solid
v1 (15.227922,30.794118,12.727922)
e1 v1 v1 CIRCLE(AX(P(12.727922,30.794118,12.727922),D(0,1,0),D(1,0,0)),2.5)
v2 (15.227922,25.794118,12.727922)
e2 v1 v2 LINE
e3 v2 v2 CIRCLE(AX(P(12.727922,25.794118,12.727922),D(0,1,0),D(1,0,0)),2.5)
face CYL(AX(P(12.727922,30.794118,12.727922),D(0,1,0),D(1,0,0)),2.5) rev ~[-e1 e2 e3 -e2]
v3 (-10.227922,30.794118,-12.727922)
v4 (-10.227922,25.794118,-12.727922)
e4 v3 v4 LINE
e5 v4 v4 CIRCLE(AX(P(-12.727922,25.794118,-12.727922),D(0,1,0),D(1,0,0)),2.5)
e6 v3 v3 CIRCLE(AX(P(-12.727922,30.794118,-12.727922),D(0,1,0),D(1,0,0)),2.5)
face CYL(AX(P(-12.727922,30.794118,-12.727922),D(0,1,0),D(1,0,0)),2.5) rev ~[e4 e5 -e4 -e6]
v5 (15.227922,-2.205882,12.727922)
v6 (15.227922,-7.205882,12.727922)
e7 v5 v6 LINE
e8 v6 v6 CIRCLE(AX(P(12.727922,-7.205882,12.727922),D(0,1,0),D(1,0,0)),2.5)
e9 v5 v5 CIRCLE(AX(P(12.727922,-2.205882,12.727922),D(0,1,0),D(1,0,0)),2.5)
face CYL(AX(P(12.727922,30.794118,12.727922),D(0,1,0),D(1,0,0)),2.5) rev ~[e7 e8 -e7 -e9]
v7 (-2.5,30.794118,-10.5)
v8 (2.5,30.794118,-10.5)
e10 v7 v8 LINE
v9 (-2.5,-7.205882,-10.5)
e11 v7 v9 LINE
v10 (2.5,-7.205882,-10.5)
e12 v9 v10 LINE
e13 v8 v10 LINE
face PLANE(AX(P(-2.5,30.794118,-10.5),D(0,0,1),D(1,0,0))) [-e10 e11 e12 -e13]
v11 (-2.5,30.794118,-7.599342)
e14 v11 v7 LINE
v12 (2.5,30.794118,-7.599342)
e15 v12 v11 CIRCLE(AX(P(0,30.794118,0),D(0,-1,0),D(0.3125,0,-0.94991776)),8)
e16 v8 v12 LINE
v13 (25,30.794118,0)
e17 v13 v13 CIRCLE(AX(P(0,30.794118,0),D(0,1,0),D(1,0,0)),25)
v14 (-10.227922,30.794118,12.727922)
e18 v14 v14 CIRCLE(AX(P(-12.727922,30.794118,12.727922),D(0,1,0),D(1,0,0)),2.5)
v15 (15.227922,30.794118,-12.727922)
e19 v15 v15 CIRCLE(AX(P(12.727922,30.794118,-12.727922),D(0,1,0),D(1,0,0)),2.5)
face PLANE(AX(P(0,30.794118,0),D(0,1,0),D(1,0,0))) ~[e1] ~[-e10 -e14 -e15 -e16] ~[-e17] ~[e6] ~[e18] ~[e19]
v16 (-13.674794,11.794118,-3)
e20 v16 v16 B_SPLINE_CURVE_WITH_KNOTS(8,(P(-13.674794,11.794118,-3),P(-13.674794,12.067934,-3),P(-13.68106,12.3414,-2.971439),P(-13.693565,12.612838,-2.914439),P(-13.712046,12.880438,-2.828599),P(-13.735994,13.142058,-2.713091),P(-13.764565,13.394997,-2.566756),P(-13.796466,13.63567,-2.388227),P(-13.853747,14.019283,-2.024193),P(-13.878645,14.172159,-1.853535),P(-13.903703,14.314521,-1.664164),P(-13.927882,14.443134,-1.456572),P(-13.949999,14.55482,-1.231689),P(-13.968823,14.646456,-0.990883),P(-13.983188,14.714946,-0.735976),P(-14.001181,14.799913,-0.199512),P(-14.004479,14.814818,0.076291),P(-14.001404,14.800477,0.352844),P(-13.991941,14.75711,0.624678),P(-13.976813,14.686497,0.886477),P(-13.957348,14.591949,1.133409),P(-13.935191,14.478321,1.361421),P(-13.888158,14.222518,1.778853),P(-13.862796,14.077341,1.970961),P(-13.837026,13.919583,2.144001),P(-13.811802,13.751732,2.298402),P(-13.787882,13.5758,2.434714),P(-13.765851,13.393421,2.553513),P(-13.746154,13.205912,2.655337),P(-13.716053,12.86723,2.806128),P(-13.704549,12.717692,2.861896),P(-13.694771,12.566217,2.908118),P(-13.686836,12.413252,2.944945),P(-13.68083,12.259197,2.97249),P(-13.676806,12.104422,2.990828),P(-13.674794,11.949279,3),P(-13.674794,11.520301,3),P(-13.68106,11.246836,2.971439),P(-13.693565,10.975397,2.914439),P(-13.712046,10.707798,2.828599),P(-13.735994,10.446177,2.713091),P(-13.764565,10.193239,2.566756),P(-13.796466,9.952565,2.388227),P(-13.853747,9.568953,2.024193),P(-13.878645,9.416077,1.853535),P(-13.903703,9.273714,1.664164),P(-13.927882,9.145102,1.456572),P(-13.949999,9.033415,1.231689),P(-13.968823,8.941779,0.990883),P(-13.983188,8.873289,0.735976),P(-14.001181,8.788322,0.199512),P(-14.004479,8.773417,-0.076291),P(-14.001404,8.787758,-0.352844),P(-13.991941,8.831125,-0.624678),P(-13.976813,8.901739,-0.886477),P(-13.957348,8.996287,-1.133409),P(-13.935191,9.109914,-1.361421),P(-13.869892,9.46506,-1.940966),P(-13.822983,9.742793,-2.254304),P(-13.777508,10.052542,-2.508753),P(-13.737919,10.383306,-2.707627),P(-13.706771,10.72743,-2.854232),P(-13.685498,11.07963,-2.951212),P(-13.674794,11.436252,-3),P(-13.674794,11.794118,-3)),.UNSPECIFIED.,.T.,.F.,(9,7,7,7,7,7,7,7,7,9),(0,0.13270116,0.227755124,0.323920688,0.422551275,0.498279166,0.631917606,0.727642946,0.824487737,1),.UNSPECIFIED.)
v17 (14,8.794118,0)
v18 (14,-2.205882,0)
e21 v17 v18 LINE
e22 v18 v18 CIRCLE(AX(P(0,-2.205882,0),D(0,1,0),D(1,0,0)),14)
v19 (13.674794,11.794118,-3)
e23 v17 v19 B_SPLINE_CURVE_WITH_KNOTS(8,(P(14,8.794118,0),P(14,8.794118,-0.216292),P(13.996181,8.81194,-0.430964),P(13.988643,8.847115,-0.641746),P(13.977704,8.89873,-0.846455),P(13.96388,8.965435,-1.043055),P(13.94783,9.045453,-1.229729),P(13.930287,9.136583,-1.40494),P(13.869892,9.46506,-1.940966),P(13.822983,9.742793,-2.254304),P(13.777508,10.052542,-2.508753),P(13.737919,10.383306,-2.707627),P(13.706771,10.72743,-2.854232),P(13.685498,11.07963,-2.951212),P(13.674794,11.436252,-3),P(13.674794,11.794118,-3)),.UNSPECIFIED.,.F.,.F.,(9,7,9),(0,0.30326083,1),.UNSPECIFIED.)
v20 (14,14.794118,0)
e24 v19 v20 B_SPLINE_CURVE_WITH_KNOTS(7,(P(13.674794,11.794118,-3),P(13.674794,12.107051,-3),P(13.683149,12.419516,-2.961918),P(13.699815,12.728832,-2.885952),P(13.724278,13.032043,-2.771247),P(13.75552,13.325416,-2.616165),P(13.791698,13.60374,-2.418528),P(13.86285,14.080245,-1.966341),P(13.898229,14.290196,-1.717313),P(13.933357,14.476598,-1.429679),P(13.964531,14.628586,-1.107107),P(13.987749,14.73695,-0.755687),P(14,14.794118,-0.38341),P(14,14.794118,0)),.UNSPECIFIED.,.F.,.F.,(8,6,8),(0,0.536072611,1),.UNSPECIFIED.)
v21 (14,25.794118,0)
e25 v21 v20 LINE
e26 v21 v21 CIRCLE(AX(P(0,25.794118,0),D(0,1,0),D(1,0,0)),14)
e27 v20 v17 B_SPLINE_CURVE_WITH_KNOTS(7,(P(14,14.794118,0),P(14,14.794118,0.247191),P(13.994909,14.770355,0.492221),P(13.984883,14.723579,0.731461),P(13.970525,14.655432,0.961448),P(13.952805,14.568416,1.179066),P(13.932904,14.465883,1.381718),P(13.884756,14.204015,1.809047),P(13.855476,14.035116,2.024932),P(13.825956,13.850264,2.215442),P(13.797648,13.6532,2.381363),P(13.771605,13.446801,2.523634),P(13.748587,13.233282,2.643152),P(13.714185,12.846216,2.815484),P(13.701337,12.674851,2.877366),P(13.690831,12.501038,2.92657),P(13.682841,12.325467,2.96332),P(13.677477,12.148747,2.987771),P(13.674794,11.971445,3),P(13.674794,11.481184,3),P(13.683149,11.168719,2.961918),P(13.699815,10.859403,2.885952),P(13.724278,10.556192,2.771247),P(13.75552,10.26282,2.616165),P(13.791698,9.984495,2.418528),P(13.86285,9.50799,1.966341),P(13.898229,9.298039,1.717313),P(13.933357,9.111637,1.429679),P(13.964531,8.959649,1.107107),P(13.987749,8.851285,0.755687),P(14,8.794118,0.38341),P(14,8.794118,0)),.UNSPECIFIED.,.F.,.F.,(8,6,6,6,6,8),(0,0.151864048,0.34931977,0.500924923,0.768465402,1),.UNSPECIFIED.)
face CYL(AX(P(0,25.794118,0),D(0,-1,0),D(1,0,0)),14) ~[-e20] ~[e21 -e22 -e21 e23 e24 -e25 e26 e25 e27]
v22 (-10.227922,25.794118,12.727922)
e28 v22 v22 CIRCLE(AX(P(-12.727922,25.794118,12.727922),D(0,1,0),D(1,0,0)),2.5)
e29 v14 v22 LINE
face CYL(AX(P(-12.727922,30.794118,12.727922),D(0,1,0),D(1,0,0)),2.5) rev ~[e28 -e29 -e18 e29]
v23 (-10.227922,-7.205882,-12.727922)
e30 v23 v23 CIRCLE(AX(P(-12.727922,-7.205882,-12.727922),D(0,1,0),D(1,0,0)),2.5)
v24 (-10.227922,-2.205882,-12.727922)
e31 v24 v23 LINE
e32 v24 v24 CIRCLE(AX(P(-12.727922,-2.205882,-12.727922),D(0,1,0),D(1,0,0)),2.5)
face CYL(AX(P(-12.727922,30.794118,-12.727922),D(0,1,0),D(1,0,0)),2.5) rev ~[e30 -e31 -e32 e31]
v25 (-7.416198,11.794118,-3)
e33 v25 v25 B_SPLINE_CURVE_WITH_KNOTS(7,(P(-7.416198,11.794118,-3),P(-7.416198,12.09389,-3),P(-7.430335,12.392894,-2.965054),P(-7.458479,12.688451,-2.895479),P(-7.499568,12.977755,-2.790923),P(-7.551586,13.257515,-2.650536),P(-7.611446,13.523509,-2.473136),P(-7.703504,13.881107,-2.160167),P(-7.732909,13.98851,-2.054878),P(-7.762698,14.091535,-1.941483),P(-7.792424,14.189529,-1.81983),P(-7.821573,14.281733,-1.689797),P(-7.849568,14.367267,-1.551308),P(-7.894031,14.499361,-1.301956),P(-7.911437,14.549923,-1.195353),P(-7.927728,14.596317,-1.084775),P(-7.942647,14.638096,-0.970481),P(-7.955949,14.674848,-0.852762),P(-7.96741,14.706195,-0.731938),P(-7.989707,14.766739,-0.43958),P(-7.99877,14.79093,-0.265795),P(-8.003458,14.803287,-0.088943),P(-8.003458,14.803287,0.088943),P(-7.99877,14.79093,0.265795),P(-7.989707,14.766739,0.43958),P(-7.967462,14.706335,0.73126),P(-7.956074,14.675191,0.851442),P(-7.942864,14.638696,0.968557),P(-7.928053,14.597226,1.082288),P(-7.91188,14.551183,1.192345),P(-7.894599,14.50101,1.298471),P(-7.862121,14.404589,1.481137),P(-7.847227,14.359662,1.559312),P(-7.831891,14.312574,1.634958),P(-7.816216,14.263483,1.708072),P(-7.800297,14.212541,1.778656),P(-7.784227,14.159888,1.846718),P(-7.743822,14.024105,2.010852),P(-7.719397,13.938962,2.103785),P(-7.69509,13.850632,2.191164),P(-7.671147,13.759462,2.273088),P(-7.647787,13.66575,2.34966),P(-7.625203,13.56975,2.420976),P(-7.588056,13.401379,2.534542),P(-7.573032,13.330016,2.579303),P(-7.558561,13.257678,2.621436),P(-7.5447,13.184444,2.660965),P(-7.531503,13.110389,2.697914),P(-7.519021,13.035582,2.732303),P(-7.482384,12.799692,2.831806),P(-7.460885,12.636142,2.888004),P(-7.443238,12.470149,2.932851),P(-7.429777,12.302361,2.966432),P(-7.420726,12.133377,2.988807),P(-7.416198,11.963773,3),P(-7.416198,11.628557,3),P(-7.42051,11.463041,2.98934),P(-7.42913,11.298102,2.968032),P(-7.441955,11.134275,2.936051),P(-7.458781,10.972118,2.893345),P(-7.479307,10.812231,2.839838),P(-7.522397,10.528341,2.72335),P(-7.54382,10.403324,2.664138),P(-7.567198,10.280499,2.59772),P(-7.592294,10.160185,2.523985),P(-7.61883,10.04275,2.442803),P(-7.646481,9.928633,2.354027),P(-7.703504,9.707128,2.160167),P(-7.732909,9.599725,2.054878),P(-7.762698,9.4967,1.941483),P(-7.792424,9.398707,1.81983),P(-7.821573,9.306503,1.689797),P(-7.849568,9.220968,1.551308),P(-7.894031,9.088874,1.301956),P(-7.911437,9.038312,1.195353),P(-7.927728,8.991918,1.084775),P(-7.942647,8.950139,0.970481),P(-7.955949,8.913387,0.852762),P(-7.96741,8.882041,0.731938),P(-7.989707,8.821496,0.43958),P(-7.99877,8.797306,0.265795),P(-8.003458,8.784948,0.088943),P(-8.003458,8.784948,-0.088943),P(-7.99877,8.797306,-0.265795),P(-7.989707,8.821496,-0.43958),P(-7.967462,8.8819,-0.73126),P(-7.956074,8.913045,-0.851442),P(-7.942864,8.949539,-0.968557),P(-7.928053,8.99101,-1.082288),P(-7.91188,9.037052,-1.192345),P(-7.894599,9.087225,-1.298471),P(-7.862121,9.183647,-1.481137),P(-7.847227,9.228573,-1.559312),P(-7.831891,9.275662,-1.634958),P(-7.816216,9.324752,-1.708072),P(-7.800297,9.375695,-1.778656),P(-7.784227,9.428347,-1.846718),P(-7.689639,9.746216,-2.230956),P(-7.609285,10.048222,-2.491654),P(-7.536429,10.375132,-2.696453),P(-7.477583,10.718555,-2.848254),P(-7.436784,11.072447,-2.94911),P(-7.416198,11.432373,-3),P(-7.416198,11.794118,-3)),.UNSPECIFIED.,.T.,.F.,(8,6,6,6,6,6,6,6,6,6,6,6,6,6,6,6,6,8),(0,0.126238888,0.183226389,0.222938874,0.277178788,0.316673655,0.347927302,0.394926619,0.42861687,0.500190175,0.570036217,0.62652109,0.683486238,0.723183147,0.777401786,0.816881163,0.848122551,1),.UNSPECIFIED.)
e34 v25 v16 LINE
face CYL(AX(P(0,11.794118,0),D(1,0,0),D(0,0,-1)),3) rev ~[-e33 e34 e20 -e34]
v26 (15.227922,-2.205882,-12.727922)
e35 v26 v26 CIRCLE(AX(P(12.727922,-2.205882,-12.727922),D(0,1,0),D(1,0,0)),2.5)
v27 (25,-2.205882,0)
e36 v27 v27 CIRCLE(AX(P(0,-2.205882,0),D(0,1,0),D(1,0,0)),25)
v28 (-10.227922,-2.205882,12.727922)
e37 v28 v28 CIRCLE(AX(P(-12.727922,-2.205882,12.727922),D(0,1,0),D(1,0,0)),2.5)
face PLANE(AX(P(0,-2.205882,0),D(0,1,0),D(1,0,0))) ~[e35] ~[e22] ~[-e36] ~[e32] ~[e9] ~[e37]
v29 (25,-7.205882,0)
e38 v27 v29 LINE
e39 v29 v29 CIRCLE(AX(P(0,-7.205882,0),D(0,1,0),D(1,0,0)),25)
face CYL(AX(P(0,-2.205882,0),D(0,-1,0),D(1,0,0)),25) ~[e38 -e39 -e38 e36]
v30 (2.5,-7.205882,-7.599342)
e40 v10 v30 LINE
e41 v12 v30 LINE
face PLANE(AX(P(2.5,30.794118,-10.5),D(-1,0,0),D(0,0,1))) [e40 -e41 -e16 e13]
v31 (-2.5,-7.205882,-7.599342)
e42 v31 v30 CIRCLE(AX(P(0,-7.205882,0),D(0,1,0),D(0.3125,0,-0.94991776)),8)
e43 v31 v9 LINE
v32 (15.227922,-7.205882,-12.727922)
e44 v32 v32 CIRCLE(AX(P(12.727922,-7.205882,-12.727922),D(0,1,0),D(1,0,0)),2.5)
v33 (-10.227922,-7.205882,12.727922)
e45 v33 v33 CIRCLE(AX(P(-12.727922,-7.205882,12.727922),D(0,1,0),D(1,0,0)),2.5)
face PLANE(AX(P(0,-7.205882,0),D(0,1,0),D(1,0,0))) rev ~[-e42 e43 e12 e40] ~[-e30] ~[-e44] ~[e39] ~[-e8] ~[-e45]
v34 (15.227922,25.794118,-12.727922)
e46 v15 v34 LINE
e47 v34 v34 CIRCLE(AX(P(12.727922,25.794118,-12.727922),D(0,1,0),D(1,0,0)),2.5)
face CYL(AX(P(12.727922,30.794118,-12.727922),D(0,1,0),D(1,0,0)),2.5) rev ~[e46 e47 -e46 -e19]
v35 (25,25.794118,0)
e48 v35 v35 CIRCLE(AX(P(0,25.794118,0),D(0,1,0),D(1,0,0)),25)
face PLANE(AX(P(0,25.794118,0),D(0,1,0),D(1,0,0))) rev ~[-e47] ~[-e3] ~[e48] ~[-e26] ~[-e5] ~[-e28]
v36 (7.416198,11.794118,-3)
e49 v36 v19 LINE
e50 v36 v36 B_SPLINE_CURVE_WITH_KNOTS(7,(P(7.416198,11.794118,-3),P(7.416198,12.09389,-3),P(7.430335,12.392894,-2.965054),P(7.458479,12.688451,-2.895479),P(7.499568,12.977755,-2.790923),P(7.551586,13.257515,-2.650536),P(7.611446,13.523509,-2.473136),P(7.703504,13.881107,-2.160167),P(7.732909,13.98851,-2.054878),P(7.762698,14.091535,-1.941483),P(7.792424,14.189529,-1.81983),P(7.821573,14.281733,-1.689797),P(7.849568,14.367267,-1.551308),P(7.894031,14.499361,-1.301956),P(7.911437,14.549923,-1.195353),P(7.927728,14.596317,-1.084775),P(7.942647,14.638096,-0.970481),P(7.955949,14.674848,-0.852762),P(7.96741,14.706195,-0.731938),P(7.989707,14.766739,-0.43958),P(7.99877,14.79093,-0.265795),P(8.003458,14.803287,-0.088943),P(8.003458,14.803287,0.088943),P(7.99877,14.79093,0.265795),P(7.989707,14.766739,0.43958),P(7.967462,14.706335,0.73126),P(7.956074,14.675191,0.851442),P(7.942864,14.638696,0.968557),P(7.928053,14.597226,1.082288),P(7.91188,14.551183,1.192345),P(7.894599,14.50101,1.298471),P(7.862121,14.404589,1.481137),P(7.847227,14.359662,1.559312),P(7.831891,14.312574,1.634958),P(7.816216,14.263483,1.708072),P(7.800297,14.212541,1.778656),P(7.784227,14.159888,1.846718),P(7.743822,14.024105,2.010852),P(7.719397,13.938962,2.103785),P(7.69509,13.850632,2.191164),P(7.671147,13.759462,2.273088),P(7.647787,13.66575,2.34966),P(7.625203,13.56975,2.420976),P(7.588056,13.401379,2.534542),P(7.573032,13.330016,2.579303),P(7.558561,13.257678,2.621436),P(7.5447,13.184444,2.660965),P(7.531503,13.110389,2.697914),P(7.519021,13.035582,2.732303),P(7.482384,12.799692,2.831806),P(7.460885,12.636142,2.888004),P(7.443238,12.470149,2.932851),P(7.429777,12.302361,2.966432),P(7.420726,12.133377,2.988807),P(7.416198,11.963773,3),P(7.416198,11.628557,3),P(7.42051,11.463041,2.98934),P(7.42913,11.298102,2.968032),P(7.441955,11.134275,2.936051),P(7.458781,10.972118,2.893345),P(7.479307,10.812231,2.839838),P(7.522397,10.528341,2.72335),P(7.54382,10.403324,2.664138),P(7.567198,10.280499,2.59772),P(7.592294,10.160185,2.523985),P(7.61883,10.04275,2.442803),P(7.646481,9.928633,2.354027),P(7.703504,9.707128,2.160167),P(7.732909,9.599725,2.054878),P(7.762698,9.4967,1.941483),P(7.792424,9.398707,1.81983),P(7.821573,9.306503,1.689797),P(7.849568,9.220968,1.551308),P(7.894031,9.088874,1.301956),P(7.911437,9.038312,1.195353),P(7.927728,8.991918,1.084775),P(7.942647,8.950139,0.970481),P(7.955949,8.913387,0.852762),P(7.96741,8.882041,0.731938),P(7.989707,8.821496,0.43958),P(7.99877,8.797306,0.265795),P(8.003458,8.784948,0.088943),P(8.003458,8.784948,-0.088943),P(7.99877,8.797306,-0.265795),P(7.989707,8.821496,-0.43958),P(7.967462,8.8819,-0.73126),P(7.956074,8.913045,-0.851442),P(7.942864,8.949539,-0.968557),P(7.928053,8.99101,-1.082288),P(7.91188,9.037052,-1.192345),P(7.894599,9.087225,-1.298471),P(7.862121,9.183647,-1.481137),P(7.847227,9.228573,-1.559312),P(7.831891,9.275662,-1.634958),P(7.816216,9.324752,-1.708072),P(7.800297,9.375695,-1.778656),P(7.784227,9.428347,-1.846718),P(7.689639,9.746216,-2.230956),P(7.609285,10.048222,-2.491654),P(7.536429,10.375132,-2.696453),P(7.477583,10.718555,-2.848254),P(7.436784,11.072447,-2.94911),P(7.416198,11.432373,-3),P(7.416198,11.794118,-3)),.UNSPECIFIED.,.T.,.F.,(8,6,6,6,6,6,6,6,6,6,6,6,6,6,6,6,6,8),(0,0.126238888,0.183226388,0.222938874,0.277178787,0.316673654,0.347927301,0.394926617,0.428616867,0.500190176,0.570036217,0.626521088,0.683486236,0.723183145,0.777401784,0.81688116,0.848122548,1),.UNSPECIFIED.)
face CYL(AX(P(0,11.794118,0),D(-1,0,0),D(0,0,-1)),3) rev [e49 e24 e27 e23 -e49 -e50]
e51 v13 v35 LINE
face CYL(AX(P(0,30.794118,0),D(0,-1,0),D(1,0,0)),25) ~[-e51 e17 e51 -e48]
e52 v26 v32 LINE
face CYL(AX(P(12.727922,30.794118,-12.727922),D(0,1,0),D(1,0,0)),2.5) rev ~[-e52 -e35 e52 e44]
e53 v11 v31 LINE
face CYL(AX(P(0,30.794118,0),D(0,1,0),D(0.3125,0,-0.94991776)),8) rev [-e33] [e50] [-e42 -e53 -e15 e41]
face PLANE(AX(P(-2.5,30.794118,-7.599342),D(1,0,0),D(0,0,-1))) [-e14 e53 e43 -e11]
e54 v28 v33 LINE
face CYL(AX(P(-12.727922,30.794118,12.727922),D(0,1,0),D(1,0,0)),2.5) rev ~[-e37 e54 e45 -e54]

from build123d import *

# Parameters (mm, degrees)
SKETCH2_R               = 2.5
CUT_EXTRUDE1_DEPTH      = 39
SKETCH3_R               = 3
CUT_EXTRUDE2_DEPTH      = 26
CUT_EXTRUDE2_DEPTH_BACK = 26


with BuildPart() as part:
    # Sketch1 → Revolve1 (revolve)
    with BuildSketch(Plane.XY):
        Polygon((0, 30.794117647), (25, 30.794117647), (25, 25.794117647), (14, 25.794117647), (14, -2.205882353), (25, -2.205882353), (25, -7.205882353), (0, -7.205882353), align=None)
    revolve(axis=Axis((0, -19.166666667, 0), (0, 1, 0)))

    # Sketch2 → Cut-Extrude1 (cut, through all)
    with BuildSketch(Plane(origin=(0, 30.794117647, 0), x_dir=(1, 0, 0), z_dir=(0, 1, 0))):
        with Locations((12.727922061, 12.727922061)):
            Circle(SKETCH2_R)
        with Locations((12.727922061, -12.727922061)):
            Circle(SKETCH2_R)
        with Locations((-12.727922061, -12.727922061)):
            Circle(SKETCH2_R)
        with Locations((-12.727922061, 12.727922061)):
            Circle(SKETCH2_R)
        with BuildLine():
            Line((-2.5, 7.599342077), (-2.5, 10.5))
            Line((-2.5, 10.5), (2.5, 10.5))
            Line((2.5, 10.5), (2.5, 7.599342077))
            ThreePointArc((2.5, 7.599342077), (0, -8), (-2.5, 7.599342077))
        make_face()
    extrude(amount=-CUT_EXTRUDE1_DEPTH, mode=Mode.SUBTRACT)

    # Sketch3 → Cut-Extrude2 (cut, two sides)
    with BuildSketch(Plane(origin=(0, 0, 0), x_dir=(0, 0, -1), z_dir=(1, 0, 0))) as cut_extrude2_sk:
        with Locations((0, 11.794117647)):
            Circle(SKETCH3_R)
    extrude(amount=CUT_EXTRUDE2_DEPTH, mode=Mode.SUBTRACT)
    extrude(cut_extrude2_sk.sketch, amount=-CUT_EXTRUDE2_DEPTH_BACK, mode=Mode.SUBTRACT)


solid = part.part
